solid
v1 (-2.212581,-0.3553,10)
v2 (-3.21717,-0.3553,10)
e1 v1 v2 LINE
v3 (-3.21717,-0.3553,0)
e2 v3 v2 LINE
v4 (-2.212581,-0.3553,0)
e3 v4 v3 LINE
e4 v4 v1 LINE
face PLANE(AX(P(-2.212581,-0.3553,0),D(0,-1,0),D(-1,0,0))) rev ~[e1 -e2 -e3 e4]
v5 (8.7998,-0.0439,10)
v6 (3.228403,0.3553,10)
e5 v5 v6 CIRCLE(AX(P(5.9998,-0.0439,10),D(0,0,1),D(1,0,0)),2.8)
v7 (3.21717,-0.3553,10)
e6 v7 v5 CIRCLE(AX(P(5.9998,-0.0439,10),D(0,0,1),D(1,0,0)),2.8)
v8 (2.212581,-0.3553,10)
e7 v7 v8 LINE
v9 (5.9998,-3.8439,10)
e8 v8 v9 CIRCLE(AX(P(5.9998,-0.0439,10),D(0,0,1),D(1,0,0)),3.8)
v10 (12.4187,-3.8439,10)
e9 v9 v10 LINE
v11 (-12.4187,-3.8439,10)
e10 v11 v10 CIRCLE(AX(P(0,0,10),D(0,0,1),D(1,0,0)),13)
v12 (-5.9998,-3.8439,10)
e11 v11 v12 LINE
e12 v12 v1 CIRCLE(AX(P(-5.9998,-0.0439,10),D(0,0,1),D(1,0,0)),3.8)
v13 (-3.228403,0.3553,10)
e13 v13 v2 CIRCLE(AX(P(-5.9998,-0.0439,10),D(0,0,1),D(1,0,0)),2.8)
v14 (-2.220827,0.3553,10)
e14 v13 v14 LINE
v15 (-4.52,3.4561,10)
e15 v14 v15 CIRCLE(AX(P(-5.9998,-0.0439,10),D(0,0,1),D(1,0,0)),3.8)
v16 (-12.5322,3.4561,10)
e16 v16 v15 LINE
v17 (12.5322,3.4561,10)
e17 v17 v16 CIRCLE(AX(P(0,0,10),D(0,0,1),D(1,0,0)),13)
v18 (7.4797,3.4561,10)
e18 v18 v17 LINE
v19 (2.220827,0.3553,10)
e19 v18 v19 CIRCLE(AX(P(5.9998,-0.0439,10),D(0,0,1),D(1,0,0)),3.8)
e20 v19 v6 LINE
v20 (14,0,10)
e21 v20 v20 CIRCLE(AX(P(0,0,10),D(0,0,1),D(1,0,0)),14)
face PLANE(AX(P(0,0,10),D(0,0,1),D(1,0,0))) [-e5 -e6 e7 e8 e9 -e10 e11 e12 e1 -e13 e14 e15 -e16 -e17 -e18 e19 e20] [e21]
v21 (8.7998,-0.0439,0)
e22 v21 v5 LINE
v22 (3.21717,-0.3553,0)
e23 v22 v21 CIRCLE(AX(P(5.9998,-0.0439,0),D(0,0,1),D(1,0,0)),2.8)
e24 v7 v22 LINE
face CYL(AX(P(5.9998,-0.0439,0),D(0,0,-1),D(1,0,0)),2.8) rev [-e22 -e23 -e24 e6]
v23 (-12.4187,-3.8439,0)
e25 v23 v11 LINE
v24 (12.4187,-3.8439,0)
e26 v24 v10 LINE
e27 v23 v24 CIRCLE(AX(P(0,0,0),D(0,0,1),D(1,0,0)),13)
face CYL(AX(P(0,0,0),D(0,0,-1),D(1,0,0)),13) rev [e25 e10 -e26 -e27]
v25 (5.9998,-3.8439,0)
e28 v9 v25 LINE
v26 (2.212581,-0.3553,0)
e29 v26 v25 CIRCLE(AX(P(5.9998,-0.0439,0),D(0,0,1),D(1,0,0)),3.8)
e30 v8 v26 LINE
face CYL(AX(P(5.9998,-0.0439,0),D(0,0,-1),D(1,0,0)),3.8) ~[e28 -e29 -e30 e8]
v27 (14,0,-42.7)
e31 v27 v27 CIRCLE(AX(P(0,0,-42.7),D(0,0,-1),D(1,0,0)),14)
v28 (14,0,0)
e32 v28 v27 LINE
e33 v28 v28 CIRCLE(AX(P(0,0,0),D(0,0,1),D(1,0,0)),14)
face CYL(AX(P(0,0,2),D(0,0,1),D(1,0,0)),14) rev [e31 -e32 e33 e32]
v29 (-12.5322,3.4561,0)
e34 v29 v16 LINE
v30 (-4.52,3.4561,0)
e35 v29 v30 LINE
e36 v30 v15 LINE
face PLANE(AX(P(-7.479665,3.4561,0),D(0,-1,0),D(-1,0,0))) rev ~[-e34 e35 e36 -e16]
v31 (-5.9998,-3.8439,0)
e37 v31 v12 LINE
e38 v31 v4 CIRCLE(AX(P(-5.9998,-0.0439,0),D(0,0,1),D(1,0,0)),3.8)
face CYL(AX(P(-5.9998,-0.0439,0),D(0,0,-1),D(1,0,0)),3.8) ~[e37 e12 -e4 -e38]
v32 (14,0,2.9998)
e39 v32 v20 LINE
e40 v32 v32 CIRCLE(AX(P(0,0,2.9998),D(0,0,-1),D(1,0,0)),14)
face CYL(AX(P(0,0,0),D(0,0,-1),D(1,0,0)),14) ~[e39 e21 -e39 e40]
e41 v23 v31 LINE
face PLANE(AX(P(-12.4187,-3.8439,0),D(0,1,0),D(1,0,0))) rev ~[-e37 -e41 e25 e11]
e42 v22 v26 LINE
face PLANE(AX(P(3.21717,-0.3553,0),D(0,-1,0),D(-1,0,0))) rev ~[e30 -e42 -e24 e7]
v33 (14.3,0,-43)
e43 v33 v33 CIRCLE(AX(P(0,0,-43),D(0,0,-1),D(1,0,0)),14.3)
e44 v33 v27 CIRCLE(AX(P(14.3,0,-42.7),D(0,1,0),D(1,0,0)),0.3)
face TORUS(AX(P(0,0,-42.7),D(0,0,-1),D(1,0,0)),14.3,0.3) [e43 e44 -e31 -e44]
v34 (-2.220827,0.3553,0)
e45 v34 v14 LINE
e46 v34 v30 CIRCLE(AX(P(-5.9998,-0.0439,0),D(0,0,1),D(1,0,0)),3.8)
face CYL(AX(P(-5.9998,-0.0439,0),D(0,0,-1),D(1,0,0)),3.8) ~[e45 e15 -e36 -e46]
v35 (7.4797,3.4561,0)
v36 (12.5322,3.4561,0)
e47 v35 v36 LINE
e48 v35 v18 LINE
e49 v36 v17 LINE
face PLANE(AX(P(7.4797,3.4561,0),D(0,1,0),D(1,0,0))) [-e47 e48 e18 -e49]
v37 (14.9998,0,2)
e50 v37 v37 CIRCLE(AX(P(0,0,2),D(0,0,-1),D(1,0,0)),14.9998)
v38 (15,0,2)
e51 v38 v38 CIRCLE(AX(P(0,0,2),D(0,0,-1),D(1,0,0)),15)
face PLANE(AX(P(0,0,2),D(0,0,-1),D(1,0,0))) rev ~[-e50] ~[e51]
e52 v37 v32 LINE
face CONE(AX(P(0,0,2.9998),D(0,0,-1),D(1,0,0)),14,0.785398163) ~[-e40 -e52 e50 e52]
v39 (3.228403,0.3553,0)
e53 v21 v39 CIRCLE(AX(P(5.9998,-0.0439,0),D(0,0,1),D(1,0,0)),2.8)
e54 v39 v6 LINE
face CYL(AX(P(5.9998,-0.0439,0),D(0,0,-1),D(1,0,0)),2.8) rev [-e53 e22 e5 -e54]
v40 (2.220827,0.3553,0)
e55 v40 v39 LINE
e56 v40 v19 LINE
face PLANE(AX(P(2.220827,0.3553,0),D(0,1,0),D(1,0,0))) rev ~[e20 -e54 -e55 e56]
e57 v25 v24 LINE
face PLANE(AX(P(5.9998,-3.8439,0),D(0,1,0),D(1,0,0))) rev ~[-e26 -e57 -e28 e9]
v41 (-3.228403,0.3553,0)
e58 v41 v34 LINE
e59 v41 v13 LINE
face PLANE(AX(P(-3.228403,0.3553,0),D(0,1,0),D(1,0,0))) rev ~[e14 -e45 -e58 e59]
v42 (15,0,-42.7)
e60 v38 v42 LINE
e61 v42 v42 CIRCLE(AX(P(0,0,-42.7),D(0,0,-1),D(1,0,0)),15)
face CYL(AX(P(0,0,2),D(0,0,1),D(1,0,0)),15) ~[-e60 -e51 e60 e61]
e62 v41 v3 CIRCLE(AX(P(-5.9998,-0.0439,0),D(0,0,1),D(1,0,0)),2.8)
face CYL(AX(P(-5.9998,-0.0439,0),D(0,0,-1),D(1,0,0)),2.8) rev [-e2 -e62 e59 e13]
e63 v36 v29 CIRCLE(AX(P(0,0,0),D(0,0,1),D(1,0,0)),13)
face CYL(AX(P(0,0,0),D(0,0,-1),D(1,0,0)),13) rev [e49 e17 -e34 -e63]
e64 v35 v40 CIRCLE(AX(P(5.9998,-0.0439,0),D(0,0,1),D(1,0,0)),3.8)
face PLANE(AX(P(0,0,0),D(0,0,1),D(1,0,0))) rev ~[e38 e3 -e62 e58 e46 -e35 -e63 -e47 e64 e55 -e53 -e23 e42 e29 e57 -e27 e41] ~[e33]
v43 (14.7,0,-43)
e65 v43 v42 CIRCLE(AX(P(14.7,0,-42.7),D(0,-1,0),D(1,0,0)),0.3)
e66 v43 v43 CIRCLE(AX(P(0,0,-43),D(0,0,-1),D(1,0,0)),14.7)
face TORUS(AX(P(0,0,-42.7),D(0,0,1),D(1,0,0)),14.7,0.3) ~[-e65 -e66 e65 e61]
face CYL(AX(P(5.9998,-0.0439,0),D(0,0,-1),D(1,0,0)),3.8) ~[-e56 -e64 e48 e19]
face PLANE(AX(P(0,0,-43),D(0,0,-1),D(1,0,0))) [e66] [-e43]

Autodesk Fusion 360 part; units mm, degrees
sketch "Sketch1" plane through (0, 0, 0) normal (0, 0, 1) x (1, 0, 0)
  circle A0 centre (0, 0) radius 13
  circle A1 centre (0, 0) radius 14
  circle A2 centre (0, 0) radius 6 construction
  line L0 (-18, -0.0439) -> (20, -0.0439) construction
  line L1 (0, 17) -> (0, -15) construction
  circle A3 centre (-5.9998, -0.0439) radius 2.8
  circle A4 centre (5.9998, -0.0439) radius 2.8
  circle A5 centre (5.9998, -0.0439) radius 3.8
  circle A6 centre (-5.9998, -0.0439) radius 3.8
  line L2 (-18, -0.0439) -> (-18, 3.4561) construction
  line L3 (-18, 3.4561) -> (29, 3.4561) construction
  line L4 (-25, -0.3439) -> (-25, -3.8439) construction
  line L5 (-25, -3.8439) -> (28, -3.8439) construction
  line L6 (-4.52, 3.4561) -> (-12.5322, 3.4561)
  line L7 (-12.4187, -3.8439) -> (-5.9998, -3.8439)
  line L8 (7.4797, 3.4561) -> (12.5322, 3.4561)
  line L9 (5.9998, -3.8439) -> (12.4187, -3.8439)
  line L10 (6.6591, -0.3553) -> (-6.6591, -0.3553)
  line L11 (-6.6591, -0.3553) -> (-6.6591, 0.3553)
  line L12 (-6.6591, 0.3553) -> (6.6591, 0.3553)
  line L13 (6.6591, 0.3553) -> (6.6591, -0.3553)
  line L14 (6.6591, -0.3553) -> (-6.6591, 0.3553) construction
  line L15 (-6.6591, -0.3553) -> (6.6591, 0.3553) construction
  dimension "d1" = 26
  dimension "d2" = 28
  dimension "d3" = 12
  dimension "d4" = 5.6
  dimension "d5" = 5.6
  dimension "d6" = 7.6
  dimension "d7" = 7.6
  dimension "d8" = 3.5
  dimension "d9" = 47
  dimension "d10" = 3.5
  dimension "d11" = 53
  dimension "d12" = 0.7105
extrude "Extrude3" add sketch "Sketch1" along normal blind 10 contours A0 A5 L8 L9 | A0 A6 L6 L7 | A4 A5 L10 L12 | A3 A6 L6 L10 L12 | A1 picked at (2.5768, -0.5414) makes body 1
extrude "Extrude1" add sketch "Sketch1" along normal blind 4 separate body contours A0 A5 L8 L9 | A0 A6 L6 L7 | A4 A5 L10 L12 | A1 picked at (2.5768, -0.5414) makes body 2
ref_plane "WorkPlane1" through (0, 0, 2) normal (0, 0, -1) x (-1, 0, 0)
sketch "Sketch2" plane through (0, 0, 2) normal (0, 0, -1) x (1, 0, 0)
  circle A0 centre (0, 0) radius 15
  circle A1 centre (0, 0) radius 14
  dimension "d16" = 30
  dimension "d17" = 28
extrude "Extrude2" add sketch "Sketch2" along normal blind 45 bodies 2 1
fillet "Fillet1" radius 0.3 1 edges at (-13.9849, 5.4242, -43) on bodies 2
fillet "Fillet2" radius 0.3 1 edges at (-13.0526, -5.0626, -43) on bodies 2
chamfer "Chamfer1" distance 1 angle 45 1 edges at (-13.0526, -5.0626, 2) on bodies 2
